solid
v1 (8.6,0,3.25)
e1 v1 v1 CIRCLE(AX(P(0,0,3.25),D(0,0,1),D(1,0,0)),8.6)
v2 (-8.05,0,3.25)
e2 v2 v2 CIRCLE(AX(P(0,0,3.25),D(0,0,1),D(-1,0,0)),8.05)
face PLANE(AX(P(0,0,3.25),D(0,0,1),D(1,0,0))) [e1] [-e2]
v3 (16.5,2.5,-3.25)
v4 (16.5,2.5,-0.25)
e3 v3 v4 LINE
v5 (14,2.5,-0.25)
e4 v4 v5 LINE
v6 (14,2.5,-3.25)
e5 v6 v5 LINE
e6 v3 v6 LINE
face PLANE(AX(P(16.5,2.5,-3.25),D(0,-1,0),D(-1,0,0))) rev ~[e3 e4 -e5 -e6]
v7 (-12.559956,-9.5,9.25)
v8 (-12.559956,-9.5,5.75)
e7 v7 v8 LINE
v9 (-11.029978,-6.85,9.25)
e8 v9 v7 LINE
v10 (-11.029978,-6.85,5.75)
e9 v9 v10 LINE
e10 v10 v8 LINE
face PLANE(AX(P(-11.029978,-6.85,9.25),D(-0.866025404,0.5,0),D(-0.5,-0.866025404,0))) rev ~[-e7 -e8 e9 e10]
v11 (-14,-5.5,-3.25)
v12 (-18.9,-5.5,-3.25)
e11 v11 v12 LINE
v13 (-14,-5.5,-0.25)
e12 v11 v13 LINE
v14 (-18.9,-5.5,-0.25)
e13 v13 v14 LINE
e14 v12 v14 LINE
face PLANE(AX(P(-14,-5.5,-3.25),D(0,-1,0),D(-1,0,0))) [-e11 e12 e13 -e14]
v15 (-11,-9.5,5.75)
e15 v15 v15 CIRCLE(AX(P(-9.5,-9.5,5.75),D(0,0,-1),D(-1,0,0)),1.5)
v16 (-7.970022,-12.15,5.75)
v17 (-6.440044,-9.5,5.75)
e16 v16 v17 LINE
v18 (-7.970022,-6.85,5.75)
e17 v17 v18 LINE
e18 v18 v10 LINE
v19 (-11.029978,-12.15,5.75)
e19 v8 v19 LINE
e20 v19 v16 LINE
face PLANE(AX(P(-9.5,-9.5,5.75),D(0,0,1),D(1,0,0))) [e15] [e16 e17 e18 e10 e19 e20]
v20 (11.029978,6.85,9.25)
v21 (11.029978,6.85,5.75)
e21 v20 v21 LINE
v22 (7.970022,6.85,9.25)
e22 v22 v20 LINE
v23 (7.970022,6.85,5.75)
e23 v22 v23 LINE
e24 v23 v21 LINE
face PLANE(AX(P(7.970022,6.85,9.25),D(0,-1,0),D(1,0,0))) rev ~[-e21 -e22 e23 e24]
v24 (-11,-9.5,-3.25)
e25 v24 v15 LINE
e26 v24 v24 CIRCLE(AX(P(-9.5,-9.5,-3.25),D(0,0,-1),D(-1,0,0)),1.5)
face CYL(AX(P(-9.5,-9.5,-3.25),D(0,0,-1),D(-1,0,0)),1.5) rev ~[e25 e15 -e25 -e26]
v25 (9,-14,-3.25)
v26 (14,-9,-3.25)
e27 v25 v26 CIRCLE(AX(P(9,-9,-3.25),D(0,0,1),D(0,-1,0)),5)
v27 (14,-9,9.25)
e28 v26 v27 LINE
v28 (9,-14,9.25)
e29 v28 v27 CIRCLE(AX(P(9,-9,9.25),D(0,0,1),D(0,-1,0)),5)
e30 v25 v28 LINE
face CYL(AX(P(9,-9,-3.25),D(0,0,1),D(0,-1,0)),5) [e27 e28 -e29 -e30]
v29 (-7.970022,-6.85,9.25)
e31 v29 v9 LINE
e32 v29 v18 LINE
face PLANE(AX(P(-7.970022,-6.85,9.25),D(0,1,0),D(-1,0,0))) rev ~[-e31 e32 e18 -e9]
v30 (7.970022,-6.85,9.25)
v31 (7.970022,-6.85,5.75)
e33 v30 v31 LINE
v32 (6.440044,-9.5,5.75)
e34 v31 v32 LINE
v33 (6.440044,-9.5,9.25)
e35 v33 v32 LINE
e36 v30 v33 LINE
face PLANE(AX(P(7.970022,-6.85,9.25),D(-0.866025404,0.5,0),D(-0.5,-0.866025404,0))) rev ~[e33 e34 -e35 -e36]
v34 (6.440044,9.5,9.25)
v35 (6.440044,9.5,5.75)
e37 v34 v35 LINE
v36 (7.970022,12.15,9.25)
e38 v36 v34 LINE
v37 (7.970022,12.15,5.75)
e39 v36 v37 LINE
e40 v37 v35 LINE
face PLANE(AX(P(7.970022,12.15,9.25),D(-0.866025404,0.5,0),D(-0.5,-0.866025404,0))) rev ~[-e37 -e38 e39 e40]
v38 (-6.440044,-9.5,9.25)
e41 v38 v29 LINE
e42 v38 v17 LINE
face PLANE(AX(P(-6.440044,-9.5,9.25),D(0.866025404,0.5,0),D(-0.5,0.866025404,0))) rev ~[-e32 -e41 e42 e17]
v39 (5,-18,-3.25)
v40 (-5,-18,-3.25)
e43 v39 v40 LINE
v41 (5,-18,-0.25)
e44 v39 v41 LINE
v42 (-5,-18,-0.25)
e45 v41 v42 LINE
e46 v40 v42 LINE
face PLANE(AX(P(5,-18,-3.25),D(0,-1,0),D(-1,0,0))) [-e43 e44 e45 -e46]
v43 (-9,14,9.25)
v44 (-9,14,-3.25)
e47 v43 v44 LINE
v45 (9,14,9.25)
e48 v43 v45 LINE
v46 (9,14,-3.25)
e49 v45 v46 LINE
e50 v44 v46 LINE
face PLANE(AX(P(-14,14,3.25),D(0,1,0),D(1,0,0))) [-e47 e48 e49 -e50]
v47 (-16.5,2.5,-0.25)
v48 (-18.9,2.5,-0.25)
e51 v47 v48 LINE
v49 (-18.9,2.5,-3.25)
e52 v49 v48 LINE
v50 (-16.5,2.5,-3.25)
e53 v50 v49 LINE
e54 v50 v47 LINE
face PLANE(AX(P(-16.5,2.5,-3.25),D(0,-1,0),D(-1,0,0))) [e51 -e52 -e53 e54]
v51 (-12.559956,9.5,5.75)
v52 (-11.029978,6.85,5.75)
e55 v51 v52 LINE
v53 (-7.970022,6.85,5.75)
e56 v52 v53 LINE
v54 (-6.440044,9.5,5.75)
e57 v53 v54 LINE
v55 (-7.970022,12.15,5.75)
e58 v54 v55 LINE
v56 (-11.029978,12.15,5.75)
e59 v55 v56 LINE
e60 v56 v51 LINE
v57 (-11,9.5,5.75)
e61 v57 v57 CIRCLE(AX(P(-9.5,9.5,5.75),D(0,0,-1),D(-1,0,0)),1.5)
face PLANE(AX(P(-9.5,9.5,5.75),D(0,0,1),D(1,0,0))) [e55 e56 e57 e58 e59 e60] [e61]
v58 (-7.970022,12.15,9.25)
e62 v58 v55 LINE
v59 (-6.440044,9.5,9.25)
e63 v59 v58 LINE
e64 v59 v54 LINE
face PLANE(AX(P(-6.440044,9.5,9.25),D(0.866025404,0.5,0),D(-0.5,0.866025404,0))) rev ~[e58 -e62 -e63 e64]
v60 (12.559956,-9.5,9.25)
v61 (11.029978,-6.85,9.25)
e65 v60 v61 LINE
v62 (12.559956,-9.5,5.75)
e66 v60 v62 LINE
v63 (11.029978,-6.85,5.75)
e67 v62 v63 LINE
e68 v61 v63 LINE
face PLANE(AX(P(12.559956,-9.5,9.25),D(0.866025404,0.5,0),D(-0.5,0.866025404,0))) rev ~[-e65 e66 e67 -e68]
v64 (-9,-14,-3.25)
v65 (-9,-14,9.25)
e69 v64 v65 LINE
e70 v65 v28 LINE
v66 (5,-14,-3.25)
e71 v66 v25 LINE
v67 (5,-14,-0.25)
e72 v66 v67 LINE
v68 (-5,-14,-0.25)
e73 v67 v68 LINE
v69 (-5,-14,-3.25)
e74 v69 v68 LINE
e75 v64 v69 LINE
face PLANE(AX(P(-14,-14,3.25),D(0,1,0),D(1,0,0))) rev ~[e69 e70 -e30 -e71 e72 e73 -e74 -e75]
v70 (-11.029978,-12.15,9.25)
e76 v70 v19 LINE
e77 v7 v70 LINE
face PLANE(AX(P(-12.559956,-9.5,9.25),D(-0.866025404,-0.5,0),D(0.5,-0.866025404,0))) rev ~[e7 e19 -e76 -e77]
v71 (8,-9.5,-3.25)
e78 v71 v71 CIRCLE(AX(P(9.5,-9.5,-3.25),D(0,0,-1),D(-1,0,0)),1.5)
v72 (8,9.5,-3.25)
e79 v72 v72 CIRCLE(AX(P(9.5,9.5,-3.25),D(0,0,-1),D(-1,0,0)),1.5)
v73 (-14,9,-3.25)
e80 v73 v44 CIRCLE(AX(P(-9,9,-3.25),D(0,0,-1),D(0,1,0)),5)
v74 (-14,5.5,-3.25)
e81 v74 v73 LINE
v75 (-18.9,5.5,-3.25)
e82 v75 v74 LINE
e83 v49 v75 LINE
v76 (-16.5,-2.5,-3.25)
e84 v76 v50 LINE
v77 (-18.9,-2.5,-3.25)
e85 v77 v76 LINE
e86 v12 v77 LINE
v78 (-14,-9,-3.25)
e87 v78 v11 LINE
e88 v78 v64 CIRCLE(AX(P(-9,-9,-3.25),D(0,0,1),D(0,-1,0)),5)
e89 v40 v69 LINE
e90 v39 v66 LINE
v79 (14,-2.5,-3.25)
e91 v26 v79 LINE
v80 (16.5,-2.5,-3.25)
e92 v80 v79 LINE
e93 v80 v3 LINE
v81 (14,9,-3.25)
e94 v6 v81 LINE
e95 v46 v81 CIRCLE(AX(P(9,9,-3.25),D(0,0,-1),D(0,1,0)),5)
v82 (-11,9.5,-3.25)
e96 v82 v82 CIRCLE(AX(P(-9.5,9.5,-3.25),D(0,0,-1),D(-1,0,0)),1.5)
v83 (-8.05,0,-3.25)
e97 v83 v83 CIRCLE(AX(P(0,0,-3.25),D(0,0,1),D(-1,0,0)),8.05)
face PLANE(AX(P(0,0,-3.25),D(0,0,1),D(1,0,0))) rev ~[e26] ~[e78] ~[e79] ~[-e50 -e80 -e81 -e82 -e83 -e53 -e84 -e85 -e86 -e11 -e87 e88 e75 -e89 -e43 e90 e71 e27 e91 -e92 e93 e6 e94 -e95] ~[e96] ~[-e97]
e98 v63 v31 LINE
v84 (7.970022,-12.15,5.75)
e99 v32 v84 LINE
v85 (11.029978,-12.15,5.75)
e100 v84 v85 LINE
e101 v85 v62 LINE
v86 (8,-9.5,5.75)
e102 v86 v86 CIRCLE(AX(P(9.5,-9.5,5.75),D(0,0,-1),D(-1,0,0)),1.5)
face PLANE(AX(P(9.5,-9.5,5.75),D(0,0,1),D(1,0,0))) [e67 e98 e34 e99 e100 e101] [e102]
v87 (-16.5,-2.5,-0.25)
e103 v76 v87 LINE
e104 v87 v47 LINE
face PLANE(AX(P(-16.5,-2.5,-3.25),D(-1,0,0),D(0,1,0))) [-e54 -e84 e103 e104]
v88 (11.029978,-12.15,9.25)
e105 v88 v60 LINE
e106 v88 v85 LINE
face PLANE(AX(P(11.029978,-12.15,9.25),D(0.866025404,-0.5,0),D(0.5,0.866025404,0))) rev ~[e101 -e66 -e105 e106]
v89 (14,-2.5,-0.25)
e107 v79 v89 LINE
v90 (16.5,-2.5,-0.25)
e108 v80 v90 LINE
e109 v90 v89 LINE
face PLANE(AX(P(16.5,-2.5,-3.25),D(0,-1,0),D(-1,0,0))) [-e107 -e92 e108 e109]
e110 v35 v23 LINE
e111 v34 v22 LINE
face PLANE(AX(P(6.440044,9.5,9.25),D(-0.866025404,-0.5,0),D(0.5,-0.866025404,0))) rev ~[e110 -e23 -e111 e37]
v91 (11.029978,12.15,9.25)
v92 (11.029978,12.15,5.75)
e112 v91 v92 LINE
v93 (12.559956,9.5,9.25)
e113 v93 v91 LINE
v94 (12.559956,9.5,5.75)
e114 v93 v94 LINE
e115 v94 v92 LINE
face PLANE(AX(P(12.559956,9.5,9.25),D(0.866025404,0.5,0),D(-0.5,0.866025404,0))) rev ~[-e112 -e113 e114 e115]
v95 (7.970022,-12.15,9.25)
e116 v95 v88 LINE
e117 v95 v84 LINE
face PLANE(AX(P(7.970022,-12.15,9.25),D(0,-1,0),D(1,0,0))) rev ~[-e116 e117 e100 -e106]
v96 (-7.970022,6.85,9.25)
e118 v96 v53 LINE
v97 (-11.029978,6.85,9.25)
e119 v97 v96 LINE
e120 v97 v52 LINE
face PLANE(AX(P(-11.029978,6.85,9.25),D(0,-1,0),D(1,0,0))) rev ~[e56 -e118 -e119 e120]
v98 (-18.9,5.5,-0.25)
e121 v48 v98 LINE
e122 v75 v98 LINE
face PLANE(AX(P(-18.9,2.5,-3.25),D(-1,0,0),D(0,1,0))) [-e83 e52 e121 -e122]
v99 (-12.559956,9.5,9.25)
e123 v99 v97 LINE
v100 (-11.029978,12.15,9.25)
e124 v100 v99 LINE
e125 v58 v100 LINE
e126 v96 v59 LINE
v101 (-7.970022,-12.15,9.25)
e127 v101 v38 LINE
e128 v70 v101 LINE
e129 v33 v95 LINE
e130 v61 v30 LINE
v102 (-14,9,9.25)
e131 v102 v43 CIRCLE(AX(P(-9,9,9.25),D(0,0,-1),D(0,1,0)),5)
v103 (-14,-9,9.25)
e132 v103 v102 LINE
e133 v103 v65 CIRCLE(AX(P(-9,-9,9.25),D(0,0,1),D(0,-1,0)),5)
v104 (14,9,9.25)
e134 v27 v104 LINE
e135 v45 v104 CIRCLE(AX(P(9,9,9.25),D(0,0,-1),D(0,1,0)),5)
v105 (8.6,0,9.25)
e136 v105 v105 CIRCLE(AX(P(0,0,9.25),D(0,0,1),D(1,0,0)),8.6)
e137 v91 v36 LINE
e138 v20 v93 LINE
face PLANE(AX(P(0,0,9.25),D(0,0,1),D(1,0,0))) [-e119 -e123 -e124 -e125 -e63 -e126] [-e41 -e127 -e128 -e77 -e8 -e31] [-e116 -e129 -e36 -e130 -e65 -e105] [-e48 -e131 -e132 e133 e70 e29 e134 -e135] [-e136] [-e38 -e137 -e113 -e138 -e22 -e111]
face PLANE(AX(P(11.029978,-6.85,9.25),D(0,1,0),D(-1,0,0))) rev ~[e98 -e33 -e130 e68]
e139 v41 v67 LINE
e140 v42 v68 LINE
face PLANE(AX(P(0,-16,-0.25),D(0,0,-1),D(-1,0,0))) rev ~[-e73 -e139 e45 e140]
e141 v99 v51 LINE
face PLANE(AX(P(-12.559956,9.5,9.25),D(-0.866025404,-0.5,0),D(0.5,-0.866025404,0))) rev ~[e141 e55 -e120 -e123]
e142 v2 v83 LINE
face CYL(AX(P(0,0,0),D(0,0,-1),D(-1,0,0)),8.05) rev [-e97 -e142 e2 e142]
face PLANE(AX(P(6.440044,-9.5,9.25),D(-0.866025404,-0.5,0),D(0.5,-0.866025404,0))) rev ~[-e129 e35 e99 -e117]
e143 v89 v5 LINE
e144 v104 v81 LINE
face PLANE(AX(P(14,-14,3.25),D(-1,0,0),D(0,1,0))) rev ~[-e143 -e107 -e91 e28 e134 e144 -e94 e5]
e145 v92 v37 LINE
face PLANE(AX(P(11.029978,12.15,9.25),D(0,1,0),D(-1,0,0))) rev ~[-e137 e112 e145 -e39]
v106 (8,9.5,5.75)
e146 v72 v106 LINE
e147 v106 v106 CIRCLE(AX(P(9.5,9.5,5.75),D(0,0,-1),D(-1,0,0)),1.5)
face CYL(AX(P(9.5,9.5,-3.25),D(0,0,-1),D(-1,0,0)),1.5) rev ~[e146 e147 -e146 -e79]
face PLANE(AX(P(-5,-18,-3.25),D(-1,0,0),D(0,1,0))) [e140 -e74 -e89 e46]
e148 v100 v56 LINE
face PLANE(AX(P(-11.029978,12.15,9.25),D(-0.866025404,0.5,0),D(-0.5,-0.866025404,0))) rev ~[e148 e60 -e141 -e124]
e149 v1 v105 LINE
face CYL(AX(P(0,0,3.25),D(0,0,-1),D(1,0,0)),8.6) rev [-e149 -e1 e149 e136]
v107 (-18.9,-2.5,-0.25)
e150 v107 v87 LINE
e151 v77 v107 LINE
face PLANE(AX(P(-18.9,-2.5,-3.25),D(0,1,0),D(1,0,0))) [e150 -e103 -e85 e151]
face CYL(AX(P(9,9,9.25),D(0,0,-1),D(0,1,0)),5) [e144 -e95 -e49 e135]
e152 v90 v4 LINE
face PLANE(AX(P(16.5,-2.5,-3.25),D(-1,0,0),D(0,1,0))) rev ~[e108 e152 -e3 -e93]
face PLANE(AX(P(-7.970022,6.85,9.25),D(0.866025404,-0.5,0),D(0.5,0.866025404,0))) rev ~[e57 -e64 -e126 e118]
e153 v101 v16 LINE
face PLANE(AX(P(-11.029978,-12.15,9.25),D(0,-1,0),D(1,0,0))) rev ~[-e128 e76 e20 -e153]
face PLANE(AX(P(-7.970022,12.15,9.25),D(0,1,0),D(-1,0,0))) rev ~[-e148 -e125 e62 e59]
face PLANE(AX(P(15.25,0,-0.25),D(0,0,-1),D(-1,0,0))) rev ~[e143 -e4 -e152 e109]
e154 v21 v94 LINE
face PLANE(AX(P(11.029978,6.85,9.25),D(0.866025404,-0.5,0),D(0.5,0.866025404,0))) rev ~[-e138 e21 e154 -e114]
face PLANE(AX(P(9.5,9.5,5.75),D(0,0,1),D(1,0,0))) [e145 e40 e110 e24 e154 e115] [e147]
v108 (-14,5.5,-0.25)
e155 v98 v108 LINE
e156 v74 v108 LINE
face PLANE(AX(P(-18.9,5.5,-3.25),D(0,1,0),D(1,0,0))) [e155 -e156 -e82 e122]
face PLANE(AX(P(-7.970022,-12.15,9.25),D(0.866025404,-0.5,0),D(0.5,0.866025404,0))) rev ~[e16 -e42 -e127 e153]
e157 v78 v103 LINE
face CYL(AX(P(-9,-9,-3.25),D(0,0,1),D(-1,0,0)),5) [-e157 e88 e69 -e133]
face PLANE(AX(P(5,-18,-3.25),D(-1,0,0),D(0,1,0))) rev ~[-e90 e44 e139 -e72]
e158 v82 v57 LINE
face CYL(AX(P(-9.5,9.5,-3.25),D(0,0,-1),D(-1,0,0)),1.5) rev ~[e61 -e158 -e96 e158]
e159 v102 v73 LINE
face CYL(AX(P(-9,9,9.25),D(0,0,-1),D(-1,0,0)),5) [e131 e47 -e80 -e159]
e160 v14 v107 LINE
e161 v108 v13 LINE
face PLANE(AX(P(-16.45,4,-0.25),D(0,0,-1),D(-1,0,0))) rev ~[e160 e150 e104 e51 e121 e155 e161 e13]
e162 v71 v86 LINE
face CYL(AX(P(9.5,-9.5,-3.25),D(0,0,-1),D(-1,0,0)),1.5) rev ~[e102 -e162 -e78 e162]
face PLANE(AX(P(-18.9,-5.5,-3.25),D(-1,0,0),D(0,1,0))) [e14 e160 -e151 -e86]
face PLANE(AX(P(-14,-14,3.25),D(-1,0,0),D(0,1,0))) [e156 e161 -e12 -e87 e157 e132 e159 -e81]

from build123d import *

# Parameters (mm, degrees)
CROQUIS1_W              = 28
CROQUIS1_H              = 28
CROQUIS1_R              = 8.05
SALIENTE_EXTRUIR1_DEPTH = 3.25
CROQUIS2_W              = 28
CROQUIS2_H              = 28
CROQUIS2_R              = 8.6
SALIENTE_EXTRUIR2_DEPTH = 6
CORTAR_EXTRUIR1_DEPTH   = 3.5
CROQUIS6_R              = 1.5
CORTAR_EXTRUIR2_DEPTH   = 23.5
CROQUIS7_W              = 2.5
CROQUIS7_H              = 5
CROQUIS7_W_2            = 10
CROQUIS7_H_2            = 4
SALIENTE_EXTRUIR3_DEPTH = 3
REDONDEO1_R             = 5


with BuildPart() as part:
    # Croquis1 → Saliente-Extruir1 (new, symmetric)
    with BuildSketch(Plane.XY):
        Rectangle(CROQUIS1_W, CROQUIS1_H)
        with Locations(Location((0, 0, 0), (0, 0, 180))):
            Circle(CROQUIS1_R, mode=Mode.SUBTRACT)
    extrude(amount=SALIENTE_EXTRUIR1_DEPTH, both=True)

    # Croquis2 → Saliente-Extruir2 (add)
    with BuildSketch(Plane.XY.offset(3.25)):
        Rectangle(CROQUIS2_W, CROQUIS2_H)
        Circle(CROQUIS2_R, mode=Mode.SUBTRACT)
    extrude(amount=SALIENTE_EXTRUIR2_DEPTH)

    # Croquis3 → Cortar-Extruir1 (cut)
    with BuildSketch(Plane.XY.offset(9.25)):
        Polygon((11.029978213, 12.15), (7.970021787, 12.15), (6.440043573, 9.5), (7.970021787, 6.85), (11.029978213, 6.85), (12.559956427, 9.5), align=None)
        Polygon((-6.440043573, 9.5), (-7.970021787, 12.15), (-11.029978213, 12.15), (-12.559956427, 9.5), (-11.029978213, 6.85), (-7.970021787, 6.85), align=None)
        Polygon((-7.970021787, -6.85), (-11.029978213, -6.85), (-12.559956427, -9.5), (-11.029978213, -12.15), (-7.970021787, -12.15), (-6.440043573, -9.5), align=None)
        Polygon((11.029978213, -6.85), (7.970021787, -6.85), (6.440043573, -9.5), (7.970021787, -12.15), (11.029978213, -12.15), (12.559956427, -9.5), align=None)
    extrude(amount=-CORTAR_EXTRUIR1_DEPTH, mode=Mode.SUBTRACT)

    # Croquis6 → Cortar-Extruir2 (cut)
    with BuildSketch(Plane(origin=(0, 0, -3.25), x_dir=(-1, 0, 0), z_dir=(0, 0, -1))):
        with Locations((-9.5, 9.5)):
            Circle(CROQUIS6_R)
        with Locations((9.5, 9.5)):
            Circle(CROQUIS6_R)
        with Locations((9.5, -9.5)):
            Circle(CROQUIS6_R)
        with Locations((-9.5, -9.5)):
            Circle(CROQUIS6_R)
    extrude(amount=-CORTAR_EXTRUIR2_DEPTH, mode=Mode.SUBTRACT)

    # Croquis7 → Saliente-Extruir3 (add)
    with BuildSketch(Plane(origin=(0, 0, -3.25), x_dir=(-1, 0, 0), z_dir=(0, 0, -1))):
        Polygon((14, 5.5), (14, 2.5), (16.5, 2.5), (18.9, 2.5), (18.9, 5.5), align=None)
        with Locations((15.25, 0)):
            Rectangle(CROQUIS7_W, CROQUIS7_H)
        Polygon((14, -2.5), (14, -5.5), (18.9, -5.5), (18.9, -2.5), (16.5, -2.5), align=None)
        with Locations((0, -16)):
            Rectangle(CROQUIS7_W_2, CROQUIS7_H_2)
        with Locations((-15.25, 0)):
            Rectangle(CROQUIS7_W, CROQUIS7_H)
    extrude(amount=-SALIENTE_EXTRUIR3_DEPTH)

    # Redondeo1
    redondeo1_edges = [part.edges().sort_by_distance(p)[0] for p in [
        (14, -14, 3),
        (-14, -14, 3),
        (-14, 14, 3),
        (14, 14, 3),
    ]]
    fillet(redondeo1_edges, radius=REDONDEO1_R)


solid = part.part
